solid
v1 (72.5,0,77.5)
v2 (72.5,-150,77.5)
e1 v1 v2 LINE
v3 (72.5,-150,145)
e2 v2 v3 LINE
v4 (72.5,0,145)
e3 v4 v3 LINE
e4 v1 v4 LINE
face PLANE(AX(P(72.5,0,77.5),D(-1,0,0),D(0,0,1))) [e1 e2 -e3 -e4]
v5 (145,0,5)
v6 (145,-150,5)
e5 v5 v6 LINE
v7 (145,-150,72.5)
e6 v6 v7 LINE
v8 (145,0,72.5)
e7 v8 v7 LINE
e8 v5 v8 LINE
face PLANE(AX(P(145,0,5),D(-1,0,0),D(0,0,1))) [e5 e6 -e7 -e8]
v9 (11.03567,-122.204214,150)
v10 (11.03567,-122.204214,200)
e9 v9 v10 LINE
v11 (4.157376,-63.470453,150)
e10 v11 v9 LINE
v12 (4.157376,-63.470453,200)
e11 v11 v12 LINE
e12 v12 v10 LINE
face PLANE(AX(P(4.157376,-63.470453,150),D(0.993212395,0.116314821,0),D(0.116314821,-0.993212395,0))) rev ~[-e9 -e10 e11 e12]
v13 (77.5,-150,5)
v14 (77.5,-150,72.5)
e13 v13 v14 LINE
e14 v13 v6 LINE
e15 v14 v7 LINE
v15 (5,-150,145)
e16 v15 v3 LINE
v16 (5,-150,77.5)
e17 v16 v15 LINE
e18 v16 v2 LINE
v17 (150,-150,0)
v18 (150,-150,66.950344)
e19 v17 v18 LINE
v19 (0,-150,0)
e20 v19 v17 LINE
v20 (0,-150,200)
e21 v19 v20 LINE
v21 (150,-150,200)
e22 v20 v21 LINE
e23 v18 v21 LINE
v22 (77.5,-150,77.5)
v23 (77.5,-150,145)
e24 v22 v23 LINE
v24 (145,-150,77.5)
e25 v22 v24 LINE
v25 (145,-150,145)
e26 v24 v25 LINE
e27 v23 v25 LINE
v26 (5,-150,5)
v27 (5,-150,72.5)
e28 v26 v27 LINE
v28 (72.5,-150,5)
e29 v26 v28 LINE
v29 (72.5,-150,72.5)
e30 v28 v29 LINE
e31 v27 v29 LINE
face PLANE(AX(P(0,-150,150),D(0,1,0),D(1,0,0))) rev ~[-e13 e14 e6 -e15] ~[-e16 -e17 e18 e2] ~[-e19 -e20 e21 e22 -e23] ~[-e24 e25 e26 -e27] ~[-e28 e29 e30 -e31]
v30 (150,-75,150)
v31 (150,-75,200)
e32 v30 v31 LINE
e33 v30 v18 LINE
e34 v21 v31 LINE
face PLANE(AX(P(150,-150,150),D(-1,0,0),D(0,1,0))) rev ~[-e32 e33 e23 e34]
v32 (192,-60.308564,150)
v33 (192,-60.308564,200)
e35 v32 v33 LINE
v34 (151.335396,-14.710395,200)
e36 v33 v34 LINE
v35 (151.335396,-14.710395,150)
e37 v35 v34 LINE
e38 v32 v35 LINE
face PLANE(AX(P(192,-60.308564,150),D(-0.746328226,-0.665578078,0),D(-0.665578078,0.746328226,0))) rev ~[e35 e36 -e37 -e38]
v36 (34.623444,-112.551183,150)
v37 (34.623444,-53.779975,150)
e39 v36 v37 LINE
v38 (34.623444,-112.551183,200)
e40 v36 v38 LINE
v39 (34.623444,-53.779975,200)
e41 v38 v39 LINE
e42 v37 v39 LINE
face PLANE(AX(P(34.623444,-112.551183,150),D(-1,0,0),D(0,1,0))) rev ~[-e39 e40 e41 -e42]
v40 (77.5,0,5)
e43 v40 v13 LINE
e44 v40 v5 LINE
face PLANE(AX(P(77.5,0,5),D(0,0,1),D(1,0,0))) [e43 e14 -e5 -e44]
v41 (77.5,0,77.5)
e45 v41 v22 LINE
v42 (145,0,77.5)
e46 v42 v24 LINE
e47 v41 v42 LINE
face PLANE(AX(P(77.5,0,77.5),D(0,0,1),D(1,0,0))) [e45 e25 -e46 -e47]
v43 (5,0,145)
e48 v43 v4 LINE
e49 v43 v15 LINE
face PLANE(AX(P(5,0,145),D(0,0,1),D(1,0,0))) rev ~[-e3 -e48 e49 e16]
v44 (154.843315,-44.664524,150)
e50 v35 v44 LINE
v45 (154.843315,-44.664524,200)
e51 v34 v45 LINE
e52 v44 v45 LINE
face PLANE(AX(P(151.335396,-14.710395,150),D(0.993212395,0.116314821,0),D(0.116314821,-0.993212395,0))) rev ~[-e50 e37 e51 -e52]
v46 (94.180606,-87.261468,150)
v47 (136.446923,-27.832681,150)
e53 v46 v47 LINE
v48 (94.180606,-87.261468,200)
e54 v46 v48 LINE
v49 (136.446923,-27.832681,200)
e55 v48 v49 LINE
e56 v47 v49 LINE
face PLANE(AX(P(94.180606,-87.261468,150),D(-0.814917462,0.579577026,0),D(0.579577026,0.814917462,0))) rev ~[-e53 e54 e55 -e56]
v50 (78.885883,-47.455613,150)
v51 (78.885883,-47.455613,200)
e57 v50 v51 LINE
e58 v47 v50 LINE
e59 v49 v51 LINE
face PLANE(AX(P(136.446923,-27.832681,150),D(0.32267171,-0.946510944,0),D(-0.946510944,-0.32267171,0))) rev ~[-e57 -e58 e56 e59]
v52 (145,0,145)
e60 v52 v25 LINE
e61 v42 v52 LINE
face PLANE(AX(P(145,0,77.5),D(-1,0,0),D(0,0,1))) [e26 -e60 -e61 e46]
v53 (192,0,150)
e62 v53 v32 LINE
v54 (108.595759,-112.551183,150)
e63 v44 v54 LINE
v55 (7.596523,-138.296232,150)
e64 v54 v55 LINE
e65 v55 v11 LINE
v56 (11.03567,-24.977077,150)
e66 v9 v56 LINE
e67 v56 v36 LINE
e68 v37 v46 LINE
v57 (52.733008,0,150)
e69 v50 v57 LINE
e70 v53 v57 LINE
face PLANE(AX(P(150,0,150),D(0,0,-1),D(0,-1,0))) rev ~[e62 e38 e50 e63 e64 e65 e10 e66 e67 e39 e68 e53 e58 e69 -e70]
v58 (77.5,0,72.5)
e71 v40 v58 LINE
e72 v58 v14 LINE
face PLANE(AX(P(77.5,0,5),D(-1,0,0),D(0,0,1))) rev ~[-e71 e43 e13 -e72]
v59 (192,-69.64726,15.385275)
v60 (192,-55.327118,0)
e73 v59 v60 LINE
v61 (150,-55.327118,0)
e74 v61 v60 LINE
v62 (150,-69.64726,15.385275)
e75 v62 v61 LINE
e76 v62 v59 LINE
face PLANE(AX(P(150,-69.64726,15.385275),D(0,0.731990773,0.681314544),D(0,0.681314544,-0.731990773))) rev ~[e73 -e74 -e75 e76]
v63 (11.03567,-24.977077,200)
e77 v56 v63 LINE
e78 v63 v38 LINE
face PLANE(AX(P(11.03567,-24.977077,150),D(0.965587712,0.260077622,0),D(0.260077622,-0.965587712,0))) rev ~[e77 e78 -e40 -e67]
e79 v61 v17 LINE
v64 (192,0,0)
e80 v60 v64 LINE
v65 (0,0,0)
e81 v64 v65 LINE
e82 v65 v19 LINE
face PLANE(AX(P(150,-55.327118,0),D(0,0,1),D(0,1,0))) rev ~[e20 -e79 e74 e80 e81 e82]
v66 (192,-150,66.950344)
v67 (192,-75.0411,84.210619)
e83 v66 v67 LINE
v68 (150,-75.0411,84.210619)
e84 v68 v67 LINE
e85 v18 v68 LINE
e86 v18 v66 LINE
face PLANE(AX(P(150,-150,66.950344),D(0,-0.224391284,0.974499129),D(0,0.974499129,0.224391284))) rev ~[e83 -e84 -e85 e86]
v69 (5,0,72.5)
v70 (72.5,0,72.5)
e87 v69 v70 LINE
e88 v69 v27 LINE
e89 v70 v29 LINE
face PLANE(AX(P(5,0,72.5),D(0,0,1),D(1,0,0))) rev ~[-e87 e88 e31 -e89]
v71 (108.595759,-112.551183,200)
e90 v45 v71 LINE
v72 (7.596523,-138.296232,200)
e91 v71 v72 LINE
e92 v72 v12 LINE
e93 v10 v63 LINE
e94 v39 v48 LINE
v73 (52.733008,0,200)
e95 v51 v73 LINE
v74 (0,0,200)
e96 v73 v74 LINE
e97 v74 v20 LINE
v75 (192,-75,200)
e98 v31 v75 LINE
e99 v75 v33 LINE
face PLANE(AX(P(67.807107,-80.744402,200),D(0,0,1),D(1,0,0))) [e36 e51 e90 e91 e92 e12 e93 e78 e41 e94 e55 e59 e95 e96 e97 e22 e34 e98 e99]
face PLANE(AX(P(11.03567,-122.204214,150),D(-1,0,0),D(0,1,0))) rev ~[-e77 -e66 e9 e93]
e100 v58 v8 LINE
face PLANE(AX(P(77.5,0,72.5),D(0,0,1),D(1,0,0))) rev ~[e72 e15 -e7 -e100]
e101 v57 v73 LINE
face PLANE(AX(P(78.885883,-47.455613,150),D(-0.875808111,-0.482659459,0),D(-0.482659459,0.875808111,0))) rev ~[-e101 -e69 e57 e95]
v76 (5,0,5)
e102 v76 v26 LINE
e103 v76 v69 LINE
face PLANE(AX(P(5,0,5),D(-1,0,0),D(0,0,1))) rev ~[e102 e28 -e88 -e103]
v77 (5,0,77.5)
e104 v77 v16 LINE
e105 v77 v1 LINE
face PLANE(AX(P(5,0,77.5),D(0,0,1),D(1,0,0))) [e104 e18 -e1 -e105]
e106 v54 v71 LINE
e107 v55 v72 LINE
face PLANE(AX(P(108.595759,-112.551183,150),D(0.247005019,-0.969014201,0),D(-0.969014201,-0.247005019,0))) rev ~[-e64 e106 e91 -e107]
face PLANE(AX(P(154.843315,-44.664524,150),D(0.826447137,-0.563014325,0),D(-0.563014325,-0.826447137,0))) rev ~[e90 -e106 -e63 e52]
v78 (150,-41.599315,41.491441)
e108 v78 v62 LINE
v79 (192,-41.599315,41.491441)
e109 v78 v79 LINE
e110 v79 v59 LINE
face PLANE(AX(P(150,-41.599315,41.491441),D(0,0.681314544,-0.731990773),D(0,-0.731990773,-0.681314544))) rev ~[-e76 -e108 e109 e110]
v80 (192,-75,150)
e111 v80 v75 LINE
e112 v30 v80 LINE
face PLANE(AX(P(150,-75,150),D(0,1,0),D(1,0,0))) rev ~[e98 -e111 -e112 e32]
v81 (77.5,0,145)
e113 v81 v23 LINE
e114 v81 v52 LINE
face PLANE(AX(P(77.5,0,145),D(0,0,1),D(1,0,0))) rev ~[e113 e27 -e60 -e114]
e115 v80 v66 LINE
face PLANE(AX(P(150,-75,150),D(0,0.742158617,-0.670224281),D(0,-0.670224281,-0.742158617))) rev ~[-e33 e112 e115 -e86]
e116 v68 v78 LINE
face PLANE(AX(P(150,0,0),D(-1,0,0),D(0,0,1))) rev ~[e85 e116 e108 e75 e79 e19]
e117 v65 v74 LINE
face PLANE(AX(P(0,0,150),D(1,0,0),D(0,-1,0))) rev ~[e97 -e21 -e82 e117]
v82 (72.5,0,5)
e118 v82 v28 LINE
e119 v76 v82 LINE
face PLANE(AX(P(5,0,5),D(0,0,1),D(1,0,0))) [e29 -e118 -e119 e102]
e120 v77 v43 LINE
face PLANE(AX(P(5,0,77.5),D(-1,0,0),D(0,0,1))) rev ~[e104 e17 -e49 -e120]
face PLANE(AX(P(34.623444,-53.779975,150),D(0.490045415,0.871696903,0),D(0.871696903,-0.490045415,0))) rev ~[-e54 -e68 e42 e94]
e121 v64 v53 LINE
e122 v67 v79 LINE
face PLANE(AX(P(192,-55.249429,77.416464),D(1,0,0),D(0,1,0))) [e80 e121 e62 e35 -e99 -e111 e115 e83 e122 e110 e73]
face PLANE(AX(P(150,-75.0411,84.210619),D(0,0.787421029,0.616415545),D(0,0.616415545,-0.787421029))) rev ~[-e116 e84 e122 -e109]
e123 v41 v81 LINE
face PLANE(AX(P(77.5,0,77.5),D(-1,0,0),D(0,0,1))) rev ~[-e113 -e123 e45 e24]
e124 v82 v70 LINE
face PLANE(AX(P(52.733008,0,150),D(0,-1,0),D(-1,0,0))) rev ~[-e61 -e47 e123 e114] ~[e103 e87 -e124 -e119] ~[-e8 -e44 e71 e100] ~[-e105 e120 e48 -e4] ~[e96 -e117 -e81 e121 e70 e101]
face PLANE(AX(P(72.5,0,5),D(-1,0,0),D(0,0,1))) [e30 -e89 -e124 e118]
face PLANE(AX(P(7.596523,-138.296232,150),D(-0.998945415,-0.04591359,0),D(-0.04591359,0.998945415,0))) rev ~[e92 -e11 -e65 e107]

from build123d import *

# Parameters (mm, degrees)
F0_W     = 150
F0_H     = 150
F0_W_2   = 67.5
F0_H_2   = 67.5
F1_DEPTH = 150
F3_DEPTH = 42
F5_DEPTH = 50


with BuildPart() as f1:
    # F0 (on Front) → F1 (new body)
    with BuildSketch(Plane.XZ):
        with Locations((75, 75)):
            Rectangle(F0_W, F0_H)
        with Locations((38.75, 38.75)):
            Rectangle(F0_W_2, F0_H_2, mode=Mode.SUBTRACT)
        with Locations((111.25, 38.75)):
            Rectangle(F0_W_2, F0_H_2, mode=Mode.SUBTRACT)
        with Locations((38.75, 111.25)):
            Rectangle(F0_W_2, F0_H_2, mode=Mode.SUBTRACT)
        with Locations((111.25, 111.25)):
            Rectangle(F0_W_2, F0_H_2, mode=Mode.SUBTRACT)
    extrude(amount=F1_DEPTH)

    # F2 (on face) → F3 (join)
    with BuildSketch(Plane.YZ.offset(150)):
        Polygon((0, 150), (-75, 150), (-150, 66.9503435493), (-75.0411003828, 84.2106193304), (-41.5993146598, 41.4914414287), (-69.6472600102, 15.3852747753), (-55.3271184714, 0), (0, 0), align=None)
    extrude(amount=F3_DEPTH)

    # F4 (on face) → F5 (join)
    with BuildSketch(Plane.XY.offset(150)):
        Polygon((78.8858830929, -47.45561257), (52.7330078185, 0), (0, 0), (0, -150), (150, -150), (150, -75), (192, -75), (192, -60.3085644543), (151.335395945, -14.7103952784), (154.8433154821, -44.6645244956), (108.5957586765, -112.5511825085), (7.5965225697, -138.2962316275), (4.1573755443, -63.4704530239), (11.035669595, -122.2042143345), (11.035669595, -24.9770767987), (34.6234440804, -112.5511825085), (34.6234440804, -53.7799745798), (94.1806063056, -87.2614681721), (136.4469230175, -27.8326813132), align=None)
    extrude(amount=F5_DEPTH)


solid = f1.part
